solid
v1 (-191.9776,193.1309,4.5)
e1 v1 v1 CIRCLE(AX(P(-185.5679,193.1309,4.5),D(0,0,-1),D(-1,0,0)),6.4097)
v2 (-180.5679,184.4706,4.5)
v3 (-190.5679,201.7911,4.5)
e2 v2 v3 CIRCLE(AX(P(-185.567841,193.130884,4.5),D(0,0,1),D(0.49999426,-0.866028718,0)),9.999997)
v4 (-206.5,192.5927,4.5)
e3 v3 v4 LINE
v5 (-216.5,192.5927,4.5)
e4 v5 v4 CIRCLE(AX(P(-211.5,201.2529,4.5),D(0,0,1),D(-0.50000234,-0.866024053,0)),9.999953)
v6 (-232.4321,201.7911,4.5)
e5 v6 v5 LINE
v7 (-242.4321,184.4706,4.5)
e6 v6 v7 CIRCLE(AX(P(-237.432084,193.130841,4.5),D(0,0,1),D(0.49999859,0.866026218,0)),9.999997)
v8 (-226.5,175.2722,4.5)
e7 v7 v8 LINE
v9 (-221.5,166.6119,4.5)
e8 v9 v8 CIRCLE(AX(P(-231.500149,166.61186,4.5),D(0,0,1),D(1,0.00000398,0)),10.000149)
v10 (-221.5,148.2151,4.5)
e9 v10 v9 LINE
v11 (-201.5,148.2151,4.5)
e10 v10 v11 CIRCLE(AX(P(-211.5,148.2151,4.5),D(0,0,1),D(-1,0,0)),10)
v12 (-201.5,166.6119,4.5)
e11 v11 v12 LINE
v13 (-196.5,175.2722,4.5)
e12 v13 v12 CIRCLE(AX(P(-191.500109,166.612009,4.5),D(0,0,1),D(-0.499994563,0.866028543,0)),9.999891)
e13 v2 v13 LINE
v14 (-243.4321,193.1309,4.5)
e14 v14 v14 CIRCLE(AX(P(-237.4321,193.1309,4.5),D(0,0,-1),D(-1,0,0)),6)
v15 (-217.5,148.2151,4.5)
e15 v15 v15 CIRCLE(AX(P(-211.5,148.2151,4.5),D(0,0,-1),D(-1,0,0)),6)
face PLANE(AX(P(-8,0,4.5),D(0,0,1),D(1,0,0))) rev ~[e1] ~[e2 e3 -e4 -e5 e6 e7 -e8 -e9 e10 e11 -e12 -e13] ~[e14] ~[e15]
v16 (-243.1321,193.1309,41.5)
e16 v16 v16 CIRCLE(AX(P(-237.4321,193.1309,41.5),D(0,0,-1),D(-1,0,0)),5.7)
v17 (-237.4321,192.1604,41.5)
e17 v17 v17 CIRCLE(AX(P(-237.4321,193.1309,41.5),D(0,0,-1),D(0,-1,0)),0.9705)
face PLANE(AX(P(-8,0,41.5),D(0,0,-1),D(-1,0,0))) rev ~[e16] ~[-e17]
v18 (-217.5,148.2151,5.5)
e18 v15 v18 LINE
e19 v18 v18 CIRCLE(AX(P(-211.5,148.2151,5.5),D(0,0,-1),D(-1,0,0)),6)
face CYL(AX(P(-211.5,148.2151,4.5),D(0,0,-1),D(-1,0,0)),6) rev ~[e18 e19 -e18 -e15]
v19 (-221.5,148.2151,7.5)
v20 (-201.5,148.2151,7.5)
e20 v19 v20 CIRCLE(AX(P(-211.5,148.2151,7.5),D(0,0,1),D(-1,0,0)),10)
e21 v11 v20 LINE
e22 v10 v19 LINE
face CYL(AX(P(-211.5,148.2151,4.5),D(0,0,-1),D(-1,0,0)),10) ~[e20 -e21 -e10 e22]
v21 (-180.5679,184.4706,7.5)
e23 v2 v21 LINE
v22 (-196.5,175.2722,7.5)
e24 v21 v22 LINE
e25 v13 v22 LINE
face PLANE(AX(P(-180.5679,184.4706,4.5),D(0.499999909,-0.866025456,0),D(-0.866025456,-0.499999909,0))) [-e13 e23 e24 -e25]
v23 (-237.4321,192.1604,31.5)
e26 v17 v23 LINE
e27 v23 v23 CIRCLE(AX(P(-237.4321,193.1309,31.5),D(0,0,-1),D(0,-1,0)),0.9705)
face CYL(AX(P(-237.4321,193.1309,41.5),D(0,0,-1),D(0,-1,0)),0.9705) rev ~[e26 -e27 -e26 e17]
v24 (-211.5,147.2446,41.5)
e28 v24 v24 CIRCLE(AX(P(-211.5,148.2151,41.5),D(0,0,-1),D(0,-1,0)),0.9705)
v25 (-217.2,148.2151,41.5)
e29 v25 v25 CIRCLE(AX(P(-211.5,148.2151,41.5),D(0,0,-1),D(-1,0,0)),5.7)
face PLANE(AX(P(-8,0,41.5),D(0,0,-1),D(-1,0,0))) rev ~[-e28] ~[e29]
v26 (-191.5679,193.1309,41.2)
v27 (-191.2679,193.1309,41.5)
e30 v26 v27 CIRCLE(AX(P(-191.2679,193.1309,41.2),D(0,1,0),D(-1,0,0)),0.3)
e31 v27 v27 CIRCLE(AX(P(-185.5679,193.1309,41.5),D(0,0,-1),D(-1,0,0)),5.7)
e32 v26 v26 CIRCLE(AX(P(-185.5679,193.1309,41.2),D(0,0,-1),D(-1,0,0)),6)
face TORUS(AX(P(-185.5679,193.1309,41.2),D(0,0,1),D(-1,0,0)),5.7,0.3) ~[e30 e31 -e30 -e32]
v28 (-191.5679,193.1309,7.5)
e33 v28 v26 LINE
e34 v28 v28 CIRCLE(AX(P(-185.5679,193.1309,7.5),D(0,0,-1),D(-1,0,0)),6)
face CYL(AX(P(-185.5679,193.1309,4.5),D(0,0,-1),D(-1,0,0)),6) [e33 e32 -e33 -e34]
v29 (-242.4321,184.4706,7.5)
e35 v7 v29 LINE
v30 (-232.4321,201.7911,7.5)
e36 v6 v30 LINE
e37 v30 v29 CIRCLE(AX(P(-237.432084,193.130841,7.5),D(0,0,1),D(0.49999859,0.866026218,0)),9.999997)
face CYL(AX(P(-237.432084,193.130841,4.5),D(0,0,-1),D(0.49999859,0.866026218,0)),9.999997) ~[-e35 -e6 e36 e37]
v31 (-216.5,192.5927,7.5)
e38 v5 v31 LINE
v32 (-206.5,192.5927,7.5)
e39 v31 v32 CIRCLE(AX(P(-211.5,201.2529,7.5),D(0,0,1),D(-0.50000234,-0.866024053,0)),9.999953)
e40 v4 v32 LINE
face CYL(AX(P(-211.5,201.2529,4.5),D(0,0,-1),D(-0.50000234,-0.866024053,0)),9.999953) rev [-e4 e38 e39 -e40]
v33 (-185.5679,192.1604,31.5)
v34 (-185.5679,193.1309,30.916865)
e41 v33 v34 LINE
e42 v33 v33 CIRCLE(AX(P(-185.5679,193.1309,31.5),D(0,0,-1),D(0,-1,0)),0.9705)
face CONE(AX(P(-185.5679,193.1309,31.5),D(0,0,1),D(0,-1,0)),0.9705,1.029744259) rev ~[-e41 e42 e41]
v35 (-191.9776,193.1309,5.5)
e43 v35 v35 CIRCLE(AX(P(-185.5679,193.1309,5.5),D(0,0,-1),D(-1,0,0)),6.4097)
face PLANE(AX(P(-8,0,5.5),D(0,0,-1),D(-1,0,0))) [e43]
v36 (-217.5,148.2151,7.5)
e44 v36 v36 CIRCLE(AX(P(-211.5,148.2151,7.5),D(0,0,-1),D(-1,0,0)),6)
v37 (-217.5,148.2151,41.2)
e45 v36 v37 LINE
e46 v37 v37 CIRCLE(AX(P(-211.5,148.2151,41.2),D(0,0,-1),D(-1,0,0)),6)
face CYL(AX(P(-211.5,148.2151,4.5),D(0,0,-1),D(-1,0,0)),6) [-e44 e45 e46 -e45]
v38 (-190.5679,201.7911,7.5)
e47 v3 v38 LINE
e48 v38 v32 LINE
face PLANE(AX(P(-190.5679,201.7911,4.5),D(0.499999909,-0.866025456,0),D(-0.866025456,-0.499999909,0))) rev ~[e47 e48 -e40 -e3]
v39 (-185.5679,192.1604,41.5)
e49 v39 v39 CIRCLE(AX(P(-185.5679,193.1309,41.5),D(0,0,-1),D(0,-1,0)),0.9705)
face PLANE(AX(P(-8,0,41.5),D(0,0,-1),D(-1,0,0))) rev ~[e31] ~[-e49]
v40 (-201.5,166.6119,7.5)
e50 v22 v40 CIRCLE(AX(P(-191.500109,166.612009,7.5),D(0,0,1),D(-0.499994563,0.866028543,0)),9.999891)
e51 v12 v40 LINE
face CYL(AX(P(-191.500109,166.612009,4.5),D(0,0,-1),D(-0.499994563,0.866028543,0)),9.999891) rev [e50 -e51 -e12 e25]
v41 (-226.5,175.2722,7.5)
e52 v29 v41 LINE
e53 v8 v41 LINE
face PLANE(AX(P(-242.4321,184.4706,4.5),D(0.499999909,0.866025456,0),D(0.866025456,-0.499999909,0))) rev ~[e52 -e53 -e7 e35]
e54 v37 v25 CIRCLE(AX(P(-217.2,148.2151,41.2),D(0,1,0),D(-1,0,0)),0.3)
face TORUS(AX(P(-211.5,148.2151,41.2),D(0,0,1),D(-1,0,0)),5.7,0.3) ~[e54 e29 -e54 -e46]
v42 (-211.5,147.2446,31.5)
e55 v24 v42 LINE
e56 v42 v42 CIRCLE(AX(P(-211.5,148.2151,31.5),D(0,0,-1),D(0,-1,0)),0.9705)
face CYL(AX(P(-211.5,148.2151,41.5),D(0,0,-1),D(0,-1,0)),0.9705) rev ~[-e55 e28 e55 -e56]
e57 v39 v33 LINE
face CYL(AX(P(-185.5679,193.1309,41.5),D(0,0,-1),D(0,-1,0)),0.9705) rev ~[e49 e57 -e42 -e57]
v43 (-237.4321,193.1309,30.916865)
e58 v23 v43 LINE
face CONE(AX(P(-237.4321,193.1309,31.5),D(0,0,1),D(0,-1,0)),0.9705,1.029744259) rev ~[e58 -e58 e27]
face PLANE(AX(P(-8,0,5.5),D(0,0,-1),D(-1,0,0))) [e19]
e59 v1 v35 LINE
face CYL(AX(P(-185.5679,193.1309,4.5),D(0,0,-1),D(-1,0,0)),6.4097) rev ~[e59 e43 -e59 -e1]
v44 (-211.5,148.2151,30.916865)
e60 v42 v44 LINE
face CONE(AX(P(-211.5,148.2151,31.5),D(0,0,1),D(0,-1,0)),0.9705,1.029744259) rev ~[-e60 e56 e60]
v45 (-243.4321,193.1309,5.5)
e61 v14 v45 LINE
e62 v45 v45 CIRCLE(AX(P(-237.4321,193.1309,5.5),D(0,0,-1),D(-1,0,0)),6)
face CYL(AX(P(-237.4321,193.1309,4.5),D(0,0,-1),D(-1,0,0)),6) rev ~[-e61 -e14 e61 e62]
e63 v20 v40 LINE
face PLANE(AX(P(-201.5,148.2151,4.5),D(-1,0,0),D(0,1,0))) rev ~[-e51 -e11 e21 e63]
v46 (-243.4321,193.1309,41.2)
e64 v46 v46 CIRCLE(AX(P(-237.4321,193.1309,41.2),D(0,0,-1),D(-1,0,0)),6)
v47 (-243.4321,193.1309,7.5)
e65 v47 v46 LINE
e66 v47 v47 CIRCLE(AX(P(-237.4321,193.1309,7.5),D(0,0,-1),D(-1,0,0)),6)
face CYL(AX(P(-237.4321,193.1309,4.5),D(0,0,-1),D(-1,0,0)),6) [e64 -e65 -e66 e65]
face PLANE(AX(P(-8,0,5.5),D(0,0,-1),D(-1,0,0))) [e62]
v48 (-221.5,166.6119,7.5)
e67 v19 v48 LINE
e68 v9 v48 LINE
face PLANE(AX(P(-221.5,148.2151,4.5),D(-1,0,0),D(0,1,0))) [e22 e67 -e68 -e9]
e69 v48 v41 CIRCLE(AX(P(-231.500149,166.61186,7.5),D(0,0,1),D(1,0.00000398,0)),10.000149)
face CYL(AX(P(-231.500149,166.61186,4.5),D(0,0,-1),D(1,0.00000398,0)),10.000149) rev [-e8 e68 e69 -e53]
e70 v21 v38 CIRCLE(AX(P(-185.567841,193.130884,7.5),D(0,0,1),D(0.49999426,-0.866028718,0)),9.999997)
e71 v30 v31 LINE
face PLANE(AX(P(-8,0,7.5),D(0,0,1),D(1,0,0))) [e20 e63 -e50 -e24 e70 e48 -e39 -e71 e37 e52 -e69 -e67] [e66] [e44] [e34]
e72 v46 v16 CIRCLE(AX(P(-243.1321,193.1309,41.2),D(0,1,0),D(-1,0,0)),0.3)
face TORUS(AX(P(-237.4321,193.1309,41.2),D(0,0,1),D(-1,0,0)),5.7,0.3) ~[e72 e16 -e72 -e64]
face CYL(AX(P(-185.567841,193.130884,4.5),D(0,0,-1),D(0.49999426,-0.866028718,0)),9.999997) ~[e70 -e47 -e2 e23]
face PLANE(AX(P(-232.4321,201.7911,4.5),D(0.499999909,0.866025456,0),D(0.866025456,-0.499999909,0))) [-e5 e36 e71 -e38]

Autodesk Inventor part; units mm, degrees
ref_plane "YZ Plane" through (0, 0, 0) normal (1, 0, 0) x (0, 1, 0)
ref_plane "工作平面5" through (-8, 0, 4.5) normal (0, 0, 1) x (1, 0, 0)
sketch "草图5" plane through (-8, 0, 4.5) normal (0, 0, 1) x (1, 0, 0)
  arc A0 (-229.373, 177.0271) -> (-229.1311, 177.052) centre (-230.6821, 190.9658) ccw
  circle A1 centre (-229.4321, 193.1309) radius 6
  circle A2 centre (-177.5679, 193.1309) radius 6
  circle A3 centre (-203.5, 148.2151) radius 6
  arc A4 (-172.5679, 184.4706) -> (-182.5679, 201.7911) centre (-177.5679, 193.1309) ccw
  arc A5 (-224.4321, 201.7911) -> (-234.4321, 184.4706) centre (-229.4321, 193.1309) ccw
  arc A6 (-213.5, 148.2151) -> (-193.5, 148.2151) centre (-203.5, 148.2151) ccw
  line L0 (-234.4321, 184.4706) -> (-218.5, 175.2722)
  line L1 (-172.5679, 184.4706) -> (-188.5, 175.2722)
  line L2 (-224.4321, 201.7911) -> (-208.5, 192.5927)
  line L3 (-182.5679, 201.7911) -> (-198.5, 192.5927)
  line L4 (-213.5, 148.2151) -> (-213.5, 166.6119)
  line L5 (-193.5, 148.2151) -> (-193.5, 166.6119)
  line L6 (-206, 177.7999) -> (-206, 178.2297)
  arc A7 (-208.5, 192.5927) -> (-198.5, 192.5927) centre (-203.5, 201.2529) ccw
  arc A8 (-188.5, 175.2722) -> (-193.5, 166.6119) centre (-183.5, 166.6119) ccw
  arc A9 (-213.5, 166.6119) -> (-218.5, 175.2722) centre (-223.5, 166.6119) ccw
  point P0 (8, 0)
  point P1 (-184.4262, 177.6242)
  point P2 (-222.5767, 177.6259)
  dimension "d31" = 12
  dimension "d33" = 12
  dimension "d37" = 20
  dimension "d38" = 20
  dimension "d44" = 10
  dimension "d87" = 12
extrude "拉伸1" add sketch "草图5" along normal blind 3
ref_plane "工作平面2" through (-8, 0, 7.5) normal (0, 0, 1) x (1, 0, 0)
sketch "草图8" plane through (-8, 0, 4.5) normal (0, 0, -1) x (-1, 0, 0)
  circle A0 centre (203.5, 148.2151) radius 6 projected
  circle A1 centre (203.5, 148.2151) radius 6
  circle A2 centre (229.4321, 193.1309) radius 6 projected
  circle A3 centre (229.4321, 193.1309) radius 6
  circle A4 centre (177.5679, 193.1309) radius 6 projected
  circle A5 centre (177.5679, 193.1309) radius 6
  point P0 (-8, 0)
sketch "草图9" plane through (-8, 0, 4.5) normal (0, 0, -1) x (-1, 0, 0)
  point P0 (-8, 0)
extrude "拉伸3" add sketch "草图8" against normal blind 37
hole "孔4" at (-237.4321, 193.1309, 41.5) direction (0, 0, -1) diameter 1.941 depth 10 tip angle 118 thread size "3-48 UNC" class "2B" standard "ANSI Unified Screw Threads"
hole "孔5" at (-185.5679, 193.1309, 41.5) direction (0, 0, -1) diameter 1.941 depth 10 tip angle 118 thread size "3-48 UNC" class "2B" standard "ANSI Unified Screw Threads"
hole "孔6" at (-211.5, 148.2151, 41.5) direction (0, 0, -1) diameter 1.941 depth 10 tip angle 118 thread size "3-48 UNC" class "2B" standard "ANSI Unified Screw Threads"
fillet "圆角4" radius 0.3 3 edges at (-231.4321, 193.1309, 41.5) (-179.5679, 193.1309, 41.5) (-205.5, 148.2151, 41.5)
sketch "草图10" plane through (-8, 0, 4.5) normal (0, 0, -1) x (-1, 0, 0)
  circle A0 centre (229.4321, 193.1309) radius 6
  circle A1 centre (203.5, 148.2151) radius 6
  circle A2 centre (177.5679, 193.1309) radius 6.4097
  point P0 (-8, 0)
extrude "拉伸4" cut sketch "草图10" against normal blind 1
equation "\"折弯半径\" = 厚度"
equation "\"折弯释压宽度\" = 厚度"
equation "\"折弯释压深度\" = 0.5 * 厚度"
equation "\"拐角释压尺寸\" = 4 * 厚度"
equation "\"最小余量\" = 2 * 厚度"
equation "\"过渡半径\" = 折弯半径"
equation "\"Jacobi半径尺寸\" = 折弯半径"
equation "\"间隙大小\" = 厚度"
equation "\"厚度\" = 0.5"
